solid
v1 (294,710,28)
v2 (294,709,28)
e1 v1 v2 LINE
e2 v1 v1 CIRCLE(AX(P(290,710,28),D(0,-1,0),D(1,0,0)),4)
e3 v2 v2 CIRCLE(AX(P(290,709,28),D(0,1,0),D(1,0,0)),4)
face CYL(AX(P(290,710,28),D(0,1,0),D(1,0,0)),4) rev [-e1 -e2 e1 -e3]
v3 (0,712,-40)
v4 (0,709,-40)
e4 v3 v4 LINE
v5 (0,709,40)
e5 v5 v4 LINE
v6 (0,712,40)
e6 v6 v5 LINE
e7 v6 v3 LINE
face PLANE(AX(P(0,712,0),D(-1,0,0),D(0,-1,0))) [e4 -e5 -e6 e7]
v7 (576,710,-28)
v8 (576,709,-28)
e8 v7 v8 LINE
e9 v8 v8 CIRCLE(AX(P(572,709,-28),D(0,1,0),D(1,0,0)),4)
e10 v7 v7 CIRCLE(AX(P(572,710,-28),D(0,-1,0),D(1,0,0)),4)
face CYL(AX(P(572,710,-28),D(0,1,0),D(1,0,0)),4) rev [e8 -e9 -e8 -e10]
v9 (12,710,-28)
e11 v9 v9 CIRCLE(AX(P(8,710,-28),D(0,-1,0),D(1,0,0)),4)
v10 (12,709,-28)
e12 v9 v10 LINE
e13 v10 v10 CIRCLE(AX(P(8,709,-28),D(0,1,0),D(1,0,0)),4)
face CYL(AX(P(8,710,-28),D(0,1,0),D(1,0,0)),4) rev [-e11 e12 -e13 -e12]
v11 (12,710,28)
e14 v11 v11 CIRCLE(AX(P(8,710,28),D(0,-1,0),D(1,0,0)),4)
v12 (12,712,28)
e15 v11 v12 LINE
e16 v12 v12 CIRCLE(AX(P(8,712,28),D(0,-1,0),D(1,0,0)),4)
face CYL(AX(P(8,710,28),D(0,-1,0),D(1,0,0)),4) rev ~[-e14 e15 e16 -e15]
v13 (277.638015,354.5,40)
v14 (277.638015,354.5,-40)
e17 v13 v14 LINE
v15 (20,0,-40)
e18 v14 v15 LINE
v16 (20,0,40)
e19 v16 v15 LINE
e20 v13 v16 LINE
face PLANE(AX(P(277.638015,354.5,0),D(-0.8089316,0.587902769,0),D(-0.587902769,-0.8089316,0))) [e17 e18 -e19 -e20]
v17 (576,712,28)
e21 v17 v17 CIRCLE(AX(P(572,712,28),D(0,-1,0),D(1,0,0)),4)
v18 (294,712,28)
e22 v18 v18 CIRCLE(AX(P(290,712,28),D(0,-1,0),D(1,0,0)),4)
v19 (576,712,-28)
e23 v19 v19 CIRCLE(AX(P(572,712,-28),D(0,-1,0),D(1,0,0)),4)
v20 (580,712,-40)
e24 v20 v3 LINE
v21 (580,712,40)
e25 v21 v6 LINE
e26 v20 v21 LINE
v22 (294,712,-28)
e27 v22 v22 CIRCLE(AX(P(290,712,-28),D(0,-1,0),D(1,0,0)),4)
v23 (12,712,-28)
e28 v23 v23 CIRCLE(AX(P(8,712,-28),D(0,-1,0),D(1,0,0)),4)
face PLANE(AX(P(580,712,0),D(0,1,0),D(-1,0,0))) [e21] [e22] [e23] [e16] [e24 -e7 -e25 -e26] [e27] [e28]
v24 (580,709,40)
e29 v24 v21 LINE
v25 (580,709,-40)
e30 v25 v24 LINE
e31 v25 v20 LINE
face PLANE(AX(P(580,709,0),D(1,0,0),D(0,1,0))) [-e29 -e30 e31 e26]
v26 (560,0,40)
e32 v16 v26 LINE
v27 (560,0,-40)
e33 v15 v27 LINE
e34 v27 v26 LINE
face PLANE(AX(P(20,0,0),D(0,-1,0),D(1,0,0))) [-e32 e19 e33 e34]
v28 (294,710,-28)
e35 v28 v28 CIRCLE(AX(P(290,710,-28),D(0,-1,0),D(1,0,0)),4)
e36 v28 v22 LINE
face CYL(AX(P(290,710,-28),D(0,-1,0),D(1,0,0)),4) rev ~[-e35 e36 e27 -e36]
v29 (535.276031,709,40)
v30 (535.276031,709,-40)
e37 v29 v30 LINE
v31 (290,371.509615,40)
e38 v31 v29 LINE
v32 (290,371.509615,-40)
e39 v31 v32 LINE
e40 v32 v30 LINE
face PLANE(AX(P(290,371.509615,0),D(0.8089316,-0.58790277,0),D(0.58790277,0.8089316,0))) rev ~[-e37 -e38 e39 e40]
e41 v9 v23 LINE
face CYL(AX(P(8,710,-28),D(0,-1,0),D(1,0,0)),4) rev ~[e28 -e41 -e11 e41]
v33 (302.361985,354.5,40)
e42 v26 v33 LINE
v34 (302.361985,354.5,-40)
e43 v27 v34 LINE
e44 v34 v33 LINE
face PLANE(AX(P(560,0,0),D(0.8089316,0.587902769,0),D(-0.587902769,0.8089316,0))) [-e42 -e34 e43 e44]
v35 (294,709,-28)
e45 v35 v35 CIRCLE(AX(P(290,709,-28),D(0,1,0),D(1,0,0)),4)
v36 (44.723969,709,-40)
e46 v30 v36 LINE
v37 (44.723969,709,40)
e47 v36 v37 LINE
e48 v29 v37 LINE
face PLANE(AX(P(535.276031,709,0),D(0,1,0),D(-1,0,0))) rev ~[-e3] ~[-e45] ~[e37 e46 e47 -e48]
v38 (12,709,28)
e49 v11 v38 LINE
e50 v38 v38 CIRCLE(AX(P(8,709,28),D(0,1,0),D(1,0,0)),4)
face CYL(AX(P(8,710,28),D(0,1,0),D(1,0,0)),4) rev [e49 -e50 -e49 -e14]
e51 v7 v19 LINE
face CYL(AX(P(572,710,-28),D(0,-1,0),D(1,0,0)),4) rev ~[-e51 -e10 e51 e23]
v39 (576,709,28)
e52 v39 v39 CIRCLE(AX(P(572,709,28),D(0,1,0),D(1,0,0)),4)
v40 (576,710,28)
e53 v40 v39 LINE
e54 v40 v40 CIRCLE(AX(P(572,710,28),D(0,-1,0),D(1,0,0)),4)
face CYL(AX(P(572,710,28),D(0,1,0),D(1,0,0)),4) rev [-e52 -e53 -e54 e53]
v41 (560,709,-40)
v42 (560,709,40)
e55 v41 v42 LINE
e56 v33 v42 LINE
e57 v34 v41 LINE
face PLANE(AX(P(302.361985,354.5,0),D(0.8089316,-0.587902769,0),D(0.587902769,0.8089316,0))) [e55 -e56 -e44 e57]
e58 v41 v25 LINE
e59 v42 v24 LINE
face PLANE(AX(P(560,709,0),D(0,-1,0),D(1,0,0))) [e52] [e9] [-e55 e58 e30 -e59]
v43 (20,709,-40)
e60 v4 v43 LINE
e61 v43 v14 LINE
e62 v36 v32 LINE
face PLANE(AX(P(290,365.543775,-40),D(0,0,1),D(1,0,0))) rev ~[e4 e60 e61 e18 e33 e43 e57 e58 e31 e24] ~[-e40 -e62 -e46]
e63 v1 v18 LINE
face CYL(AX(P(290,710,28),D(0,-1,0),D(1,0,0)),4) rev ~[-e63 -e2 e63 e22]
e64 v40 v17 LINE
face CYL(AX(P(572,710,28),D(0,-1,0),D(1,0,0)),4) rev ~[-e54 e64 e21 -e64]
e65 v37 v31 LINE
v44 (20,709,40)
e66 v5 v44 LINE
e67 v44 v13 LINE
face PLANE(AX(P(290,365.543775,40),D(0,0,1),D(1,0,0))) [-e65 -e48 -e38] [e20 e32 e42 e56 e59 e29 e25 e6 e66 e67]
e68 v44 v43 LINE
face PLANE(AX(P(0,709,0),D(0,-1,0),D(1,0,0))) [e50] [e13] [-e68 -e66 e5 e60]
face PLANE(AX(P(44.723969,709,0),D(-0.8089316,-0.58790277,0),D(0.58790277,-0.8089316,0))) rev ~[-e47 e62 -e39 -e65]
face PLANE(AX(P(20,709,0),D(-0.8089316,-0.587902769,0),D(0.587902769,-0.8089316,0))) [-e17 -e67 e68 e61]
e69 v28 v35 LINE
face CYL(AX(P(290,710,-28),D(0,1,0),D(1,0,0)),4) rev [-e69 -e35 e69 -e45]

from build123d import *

# Parameters (mm, degrees)
PAD_DEPTH         = 40
SKETCH002_R       = 4
POCKET_DEPTH      = 5
POCKET_DEPTH_BACK = -5


with BuildPart() as part:
    # Sketch → Pad (new body, symmetric)
    with BuildSketch(Plane.XY):
        Polygon((20, 0), (560, 0), (302.361985, 354.5), (560, 709), (580, 709), (580, 712), (0, 712), (0, 709), (20, 709), (277.638015, 354.5), align=None)
        Polygon((44.723969, 709), (290, 371.509615), (535.276031, 709), align=None, mode=Mode.SUBTRACT)
    extrude(amount=PAD_DEPTH, both=True)

    # Sketch002 → Pocket (cut, two sides)
    with BuildSketch(Plane.XZ.offset(-710)) as pocket_sk:
        with Locations((8, 28)):
            Circle(SKETCH002_R)
        with Locations((290, 28)):
            Circle(SKETCH002_R)
        with Locations((572, 28)):
            Circle(SKETCH002_R)
        with Locations((572, -28)):
            Circle(SKETCH002_R)
        with Locations((290, -28)):
            Circle(SKETCH002_R)
        with Locations((8, -28)):
            Circle(SKETCH002_R)
    extrude(amount=-POCKET_DEPTH, mode=Mode.SUBTRACT)
    extrude(pocket_sk.sketch, amount=-POCKET_DEPTH_BACK, mode=Mode.SUBTRACT)


solid = part.part
